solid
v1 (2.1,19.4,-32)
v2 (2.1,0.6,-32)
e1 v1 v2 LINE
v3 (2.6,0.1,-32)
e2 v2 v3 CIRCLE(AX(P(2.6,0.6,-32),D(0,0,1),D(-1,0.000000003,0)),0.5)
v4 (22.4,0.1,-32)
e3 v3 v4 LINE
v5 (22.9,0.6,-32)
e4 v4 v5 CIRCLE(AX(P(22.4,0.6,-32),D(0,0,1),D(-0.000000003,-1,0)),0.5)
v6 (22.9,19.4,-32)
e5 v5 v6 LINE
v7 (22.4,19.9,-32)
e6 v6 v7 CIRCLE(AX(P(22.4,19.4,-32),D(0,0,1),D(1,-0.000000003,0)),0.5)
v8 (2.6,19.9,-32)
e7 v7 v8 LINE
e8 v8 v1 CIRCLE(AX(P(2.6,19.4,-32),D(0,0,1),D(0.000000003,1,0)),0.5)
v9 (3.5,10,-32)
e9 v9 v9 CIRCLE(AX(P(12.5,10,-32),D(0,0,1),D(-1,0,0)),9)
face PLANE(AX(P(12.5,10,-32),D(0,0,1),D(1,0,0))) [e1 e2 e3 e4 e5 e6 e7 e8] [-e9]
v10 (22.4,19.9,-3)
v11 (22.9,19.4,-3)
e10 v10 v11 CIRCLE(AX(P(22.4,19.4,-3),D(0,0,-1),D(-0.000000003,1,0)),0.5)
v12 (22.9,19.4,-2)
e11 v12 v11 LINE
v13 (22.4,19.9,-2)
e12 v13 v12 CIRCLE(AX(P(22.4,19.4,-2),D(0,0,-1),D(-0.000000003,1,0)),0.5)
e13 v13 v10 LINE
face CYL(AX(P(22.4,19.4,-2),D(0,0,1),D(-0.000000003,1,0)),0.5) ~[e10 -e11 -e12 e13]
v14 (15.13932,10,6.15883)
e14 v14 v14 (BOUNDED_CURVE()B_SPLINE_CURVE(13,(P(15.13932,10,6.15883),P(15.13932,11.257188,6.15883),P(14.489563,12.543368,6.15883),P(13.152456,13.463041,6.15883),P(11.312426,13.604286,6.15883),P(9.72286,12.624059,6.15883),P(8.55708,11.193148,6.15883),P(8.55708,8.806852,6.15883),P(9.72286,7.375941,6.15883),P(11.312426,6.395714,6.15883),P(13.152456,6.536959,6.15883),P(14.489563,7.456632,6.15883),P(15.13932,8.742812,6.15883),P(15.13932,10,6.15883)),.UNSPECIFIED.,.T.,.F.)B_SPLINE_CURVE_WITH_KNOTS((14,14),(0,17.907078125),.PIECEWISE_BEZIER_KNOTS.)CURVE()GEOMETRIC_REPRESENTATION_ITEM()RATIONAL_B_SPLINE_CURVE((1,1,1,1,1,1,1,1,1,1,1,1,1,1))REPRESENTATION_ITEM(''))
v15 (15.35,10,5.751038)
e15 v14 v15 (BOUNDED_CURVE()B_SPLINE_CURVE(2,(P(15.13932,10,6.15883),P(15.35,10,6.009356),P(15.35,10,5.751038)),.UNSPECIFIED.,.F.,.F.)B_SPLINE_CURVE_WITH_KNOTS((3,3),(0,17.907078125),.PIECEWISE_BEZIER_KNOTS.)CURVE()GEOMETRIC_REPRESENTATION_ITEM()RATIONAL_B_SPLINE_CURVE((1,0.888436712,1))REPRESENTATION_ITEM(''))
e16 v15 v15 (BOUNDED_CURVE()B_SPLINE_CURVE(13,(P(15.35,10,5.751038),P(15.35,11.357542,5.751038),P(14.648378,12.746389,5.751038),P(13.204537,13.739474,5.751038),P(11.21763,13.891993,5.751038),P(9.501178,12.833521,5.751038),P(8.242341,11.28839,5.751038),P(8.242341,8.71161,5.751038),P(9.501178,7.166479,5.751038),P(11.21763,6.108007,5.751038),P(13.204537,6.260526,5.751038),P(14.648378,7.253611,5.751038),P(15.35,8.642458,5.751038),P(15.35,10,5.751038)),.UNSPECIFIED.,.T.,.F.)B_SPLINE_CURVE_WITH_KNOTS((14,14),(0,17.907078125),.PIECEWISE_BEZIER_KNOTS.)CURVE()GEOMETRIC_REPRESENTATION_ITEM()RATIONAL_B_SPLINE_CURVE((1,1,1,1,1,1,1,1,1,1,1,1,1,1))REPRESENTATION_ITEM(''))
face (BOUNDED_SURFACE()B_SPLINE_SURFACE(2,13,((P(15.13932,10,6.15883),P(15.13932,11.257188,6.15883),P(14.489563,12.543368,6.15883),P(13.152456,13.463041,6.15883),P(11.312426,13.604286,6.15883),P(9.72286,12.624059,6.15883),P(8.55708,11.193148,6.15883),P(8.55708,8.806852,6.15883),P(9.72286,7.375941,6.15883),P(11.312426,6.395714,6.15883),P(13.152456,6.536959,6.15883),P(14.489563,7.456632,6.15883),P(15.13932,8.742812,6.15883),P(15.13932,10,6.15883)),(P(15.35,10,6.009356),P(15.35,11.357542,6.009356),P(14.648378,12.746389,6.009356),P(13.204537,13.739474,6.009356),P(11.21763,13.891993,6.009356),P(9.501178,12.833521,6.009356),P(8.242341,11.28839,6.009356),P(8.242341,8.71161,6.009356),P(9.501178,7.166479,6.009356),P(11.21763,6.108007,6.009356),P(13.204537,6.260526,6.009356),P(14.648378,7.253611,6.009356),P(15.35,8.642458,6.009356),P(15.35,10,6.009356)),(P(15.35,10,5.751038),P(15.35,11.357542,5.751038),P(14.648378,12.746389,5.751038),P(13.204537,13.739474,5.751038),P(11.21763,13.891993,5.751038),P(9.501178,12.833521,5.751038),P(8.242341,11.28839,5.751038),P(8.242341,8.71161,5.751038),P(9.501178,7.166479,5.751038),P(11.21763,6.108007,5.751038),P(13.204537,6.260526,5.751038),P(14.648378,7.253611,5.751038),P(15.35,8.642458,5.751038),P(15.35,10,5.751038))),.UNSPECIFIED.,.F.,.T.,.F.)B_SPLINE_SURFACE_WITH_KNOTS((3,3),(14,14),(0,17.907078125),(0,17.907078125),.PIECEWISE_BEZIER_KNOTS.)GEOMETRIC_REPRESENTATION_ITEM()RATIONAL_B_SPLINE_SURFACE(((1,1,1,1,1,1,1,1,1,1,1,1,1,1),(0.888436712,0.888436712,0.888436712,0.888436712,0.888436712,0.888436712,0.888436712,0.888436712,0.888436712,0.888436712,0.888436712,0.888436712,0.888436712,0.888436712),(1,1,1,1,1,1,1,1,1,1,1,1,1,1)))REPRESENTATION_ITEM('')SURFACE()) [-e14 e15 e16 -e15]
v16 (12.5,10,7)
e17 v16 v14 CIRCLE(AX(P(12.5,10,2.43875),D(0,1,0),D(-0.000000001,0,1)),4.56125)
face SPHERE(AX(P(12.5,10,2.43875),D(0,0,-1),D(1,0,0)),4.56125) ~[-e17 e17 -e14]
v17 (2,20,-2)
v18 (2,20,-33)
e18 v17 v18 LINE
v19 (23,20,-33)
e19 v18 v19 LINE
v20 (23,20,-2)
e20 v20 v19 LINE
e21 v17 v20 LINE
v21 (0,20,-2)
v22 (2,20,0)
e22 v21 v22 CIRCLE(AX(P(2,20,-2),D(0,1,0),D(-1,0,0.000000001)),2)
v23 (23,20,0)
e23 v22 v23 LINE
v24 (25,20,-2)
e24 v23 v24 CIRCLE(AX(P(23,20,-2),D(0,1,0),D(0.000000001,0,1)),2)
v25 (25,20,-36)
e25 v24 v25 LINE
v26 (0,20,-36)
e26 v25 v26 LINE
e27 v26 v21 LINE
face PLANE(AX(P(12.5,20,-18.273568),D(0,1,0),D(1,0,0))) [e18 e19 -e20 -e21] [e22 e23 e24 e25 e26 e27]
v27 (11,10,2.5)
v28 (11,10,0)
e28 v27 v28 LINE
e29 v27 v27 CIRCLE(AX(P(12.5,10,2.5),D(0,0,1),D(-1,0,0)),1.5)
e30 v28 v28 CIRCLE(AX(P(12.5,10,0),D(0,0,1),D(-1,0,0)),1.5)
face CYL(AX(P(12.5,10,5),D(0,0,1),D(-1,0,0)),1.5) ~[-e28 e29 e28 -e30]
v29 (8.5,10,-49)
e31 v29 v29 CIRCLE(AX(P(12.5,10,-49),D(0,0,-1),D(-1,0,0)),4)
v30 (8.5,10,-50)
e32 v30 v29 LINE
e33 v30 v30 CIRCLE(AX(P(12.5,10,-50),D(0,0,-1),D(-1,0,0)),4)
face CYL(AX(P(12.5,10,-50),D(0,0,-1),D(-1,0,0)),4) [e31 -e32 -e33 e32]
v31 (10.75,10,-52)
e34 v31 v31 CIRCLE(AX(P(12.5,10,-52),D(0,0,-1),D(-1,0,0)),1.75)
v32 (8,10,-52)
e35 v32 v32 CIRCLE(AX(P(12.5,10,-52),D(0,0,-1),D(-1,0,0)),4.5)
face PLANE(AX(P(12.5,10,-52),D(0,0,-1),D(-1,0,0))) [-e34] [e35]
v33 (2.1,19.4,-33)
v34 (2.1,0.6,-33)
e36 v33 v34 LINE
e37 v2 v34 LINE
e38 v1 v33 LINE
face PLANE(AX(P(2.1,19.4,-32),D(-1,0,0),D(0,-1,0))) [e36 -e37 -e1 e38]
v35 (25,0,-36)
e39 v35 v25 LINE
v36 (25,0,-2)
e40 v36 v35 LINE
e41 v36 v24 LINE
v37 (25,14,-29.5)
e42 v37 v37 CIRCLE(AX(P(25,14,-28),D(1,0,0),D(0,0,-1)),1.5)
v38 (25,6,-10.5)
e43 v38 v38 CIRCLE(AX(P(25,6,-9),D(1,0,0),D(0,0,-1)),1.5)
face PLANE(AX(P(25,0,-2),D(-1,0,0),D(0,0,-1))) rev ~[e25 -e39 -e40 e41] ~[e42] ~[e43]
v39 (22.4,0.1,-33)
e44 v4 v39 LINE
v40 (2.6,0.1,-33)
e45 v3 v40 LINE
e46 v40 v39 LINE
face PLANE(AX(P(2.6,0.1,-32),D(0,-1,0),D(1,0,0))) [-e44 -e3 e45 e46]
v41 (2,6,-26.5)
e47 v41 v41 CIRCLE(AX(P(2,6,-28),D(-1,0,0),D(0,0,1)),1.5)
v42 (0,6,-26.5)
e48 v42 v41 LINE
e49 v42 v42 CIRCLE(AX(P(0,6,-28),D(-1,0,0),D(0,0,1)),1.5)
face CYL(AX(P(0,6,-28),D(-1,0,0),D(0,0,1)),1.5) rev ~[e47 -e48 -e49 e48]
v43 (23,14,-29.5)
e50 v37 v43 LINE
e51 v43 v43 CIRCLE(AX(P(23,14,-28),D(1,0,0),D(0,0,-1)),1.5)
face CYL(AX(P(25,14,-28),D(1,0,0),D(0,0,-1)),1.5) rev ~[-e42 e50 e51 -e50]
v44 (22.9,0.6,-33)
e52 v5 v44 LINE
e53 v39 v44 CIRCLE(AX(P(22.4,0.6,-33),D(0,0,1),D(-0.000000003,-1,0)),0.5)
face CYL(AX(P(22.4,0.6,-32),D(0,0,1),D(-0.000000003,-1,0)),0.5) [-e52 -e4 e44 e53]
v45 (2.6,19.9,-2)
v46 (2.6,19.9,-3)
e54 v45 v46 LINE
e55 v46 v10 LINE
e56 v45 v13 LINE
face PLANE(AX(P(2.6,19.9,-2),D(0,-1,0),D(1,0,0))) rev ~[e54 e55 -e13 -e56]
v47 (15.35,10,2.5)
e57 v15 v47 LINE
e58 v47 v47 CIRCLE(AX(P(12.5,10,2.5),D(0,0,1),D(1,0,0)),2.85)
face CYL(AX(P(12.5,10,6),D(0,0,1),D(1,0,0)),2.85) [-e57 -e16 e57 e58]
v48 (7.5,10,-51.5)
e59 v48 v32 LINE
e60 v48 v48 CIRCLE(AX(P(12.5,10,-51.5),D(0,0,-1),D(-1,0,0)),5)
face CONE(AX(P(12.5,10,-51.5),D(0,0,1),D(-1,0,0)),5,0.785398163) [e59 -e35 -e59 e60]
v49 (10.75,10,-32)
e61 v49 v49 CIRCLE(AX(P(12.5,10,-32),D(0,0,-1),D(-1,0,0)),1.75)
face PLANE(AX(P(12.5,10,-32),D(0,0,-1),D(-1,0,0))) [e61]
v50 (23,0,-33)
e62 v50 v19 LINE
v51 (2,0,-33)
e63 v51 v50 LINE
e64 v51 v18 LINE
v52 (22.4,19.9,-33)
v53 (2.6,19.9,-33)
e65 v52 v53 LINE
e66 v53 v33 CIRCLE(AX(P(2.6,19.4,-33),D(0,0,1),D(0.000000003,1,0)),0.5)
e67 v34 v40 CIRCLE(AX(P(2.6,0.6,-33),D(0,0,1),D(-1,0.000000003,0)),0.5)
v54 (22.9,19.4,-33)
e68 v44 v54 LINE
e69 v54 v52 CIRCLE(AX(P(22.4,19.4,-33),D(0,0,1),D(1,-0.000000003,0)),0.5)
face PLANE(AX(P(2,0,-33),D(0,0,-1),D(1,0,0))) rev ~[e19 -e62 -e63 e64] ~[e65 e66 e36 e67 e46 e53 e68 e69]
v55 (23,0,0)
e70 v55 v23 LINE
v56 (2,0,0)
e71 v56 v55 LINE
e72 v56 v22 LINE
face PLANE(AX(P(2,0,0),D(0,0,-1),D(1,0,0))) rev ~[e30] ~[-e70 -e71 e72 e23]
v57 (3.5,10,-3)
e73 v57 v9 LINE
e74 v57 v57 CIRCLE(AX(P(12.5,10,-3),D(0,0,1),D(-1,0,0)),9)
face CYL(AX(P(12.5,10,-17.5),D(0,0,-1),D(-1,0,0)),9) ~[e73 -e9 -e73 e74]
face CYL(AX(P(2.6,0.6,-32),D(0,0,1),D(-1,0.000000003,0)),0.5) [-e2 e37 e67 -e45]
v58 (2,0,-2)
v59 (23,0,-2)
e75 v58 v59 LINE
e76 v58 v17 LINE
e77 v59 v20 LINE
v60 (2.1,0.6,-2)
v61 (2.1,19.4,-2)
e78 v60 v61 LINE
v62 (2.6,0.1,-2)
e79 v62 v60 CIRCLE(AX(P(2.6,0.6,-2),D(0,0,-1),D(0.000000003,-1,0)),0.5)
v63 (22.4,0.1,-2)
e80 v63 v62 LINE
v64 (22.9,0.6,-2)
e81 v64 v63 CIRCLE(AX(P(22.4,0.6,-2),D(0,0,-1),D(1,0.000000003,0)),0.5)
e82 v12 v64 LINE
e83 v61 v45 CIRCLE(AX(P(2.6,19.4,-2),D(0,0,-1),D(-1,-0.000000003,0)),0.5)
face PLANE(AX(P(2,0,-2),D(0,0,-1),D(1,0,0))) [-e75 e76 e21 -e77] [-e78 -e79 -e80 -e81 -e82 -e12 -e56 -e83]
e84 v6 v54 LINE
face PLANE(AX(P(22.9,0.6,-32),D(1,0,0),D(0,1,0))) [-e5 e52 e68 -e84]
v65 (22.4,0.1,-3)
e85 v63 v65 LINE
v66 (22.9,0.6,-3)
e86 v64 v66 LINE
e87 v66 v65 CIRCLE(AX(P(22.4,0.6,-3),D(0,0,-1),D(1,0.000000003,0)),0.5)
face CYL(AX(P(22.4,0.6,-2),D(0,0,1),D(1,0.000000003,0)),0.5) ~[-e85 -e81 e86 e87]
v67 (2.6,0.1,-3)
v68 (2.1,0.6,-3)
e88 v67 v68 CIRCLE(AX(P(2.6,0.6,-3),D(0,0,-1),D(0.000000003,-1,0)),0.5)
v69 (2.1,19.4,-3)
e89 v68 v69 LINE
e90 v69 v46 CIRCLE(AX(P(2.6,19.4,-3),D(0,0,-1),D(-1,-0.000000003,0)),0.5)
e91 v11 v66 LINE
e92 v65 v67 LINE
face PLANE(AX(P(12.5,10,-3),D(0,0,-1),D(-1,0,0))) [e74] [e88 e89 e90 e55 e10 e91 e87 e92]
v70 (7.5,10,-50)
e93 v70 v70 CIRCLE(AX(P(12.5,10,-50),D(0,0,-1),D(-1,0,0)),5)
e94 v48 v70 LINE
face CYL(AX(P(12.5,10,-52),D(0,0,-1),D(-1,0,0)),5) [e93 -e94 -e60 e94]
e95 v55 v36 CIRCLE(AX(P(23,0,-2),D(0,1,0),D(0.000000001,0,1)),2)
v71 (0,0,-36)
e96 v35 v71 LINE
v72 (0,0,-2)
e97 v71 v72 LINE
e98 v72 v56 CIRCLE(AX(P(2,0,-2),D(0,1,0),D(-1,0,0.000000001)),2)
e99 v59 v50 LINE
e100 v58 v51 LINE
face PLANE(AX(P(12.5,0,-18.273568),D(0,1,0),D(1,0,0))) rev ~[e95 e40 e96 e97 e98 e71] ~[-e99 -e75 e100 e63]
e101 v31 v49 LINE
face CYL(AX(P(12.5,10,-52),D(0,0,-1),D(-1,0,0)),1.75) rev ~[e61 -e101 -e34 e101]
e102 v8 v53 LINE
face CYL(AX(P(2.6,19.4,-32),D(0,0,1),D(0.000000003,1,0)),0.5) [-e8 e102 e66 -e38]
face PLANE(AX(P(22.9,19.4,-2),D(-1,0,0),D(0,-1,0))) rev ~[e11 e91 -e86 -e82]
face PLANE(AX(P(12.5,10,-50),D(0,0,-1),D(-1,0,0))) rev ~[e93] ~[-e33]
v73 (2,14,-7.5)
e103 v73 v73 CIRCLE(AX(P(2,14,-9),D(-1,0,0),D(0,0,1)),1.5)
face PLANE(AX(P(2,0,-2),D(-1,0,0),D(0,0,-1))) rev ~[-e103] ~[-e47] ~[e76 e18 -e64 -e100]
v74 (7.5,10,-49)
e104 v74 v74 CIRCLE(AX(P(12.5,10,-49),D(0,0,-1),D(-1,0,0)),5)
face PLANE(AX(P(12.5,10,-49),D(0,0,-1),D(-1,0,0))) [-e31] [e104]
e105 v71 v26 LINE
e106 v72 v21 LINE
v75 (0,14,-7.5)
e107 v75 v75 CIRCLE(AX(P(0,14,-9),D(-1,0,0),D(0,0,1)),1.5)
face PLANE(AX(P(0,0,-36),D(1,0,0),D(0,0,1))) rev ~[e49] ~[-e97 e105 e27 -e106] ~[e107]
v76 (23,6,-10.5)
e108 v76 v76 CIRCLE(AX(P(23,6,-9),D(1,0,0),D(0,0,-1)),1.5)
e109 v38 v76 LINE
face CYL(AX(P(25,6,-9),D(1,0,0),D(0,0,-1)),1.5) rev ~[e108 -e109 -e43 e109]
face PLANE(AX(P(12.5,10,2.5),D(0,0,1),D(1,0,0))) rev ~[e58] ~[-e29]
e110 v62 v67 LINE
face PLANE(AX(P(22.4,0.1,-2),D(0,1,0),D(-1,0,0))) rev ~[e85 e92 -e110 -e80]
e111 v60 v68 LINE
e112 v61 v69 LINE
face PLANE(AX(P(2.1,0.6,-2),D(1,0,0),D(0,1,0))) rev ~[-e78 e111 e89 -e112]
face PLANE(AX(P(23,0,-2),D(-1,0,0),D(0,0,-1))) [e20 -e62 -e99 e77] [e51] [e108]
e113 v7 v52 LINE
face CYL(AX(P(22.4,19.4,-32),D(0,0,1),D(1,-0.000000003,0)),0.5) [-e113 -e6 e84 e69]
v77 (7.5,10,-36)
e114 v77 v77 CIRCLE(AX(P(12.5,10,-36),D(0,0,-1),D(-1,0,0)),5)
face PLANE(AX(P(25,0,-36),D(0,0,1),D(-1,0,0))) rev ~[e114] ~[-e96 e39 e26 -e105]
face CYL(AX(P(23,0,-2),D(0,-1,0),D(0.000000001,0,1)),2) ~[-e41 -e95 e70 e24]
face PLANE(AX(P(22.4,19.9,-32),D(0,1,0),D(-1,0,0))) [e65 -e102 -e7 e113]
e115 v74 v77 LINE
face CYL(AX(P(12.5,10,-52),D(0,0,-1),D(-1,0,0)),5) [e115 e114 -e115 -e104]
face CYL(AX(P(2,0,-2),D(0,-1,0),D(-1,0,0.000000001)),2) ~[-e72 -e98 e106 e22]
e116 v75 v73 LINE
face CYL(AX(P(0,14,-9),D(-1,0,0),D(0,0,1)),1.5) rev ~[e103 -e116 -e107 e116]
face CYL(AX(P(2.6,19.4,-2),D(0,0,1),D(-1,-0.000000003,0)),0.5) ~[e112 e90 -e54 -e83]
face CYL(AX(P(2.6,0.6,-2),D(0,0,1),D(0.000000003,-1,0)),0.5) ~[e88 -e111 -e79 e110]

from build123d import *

# Parameters (mm, degrees)
SKETCH_1_W          = 21
SKETCH_1_H          = 31
EXTRUDE_1_DEPTH     = 20
CUT_EXTRUDE_5_REACH = 50.177
SKETCH_14_R         = 1.5
CUT_EXTRUDE_6_REACH = 50.177
SKETCH_15_R         = 1.5
EXTRUDE_2_DEPTH     = 1
EXTRUDE_START       = 1
EXTRUDE_3_DEPTH     = 1
SKETCH_4_R          = 1.5
CUT_EXTRUDE_1_DEPTH = 3
SKETCH_5_R          = 5
CUT_EXTRUDE_2_DEPTH = 4
SKETCH_6_W          = 9
SKETCH_6_H          = 29
EXTRUDE_START_2     = -8
SKETCH_7_R          = 1.5
EXTRUDE_4_DEPTH     = 8
EXTRUDE_START_3     = 20
SKETCH_8_R          = 5
EXTRUDE_5_DEPTH     = 20
SKETCH_10_R         = 1.75
CUT_EXTRUDE_4_DEPTH = 20
SKETCH_9_R          = 5
SKETCH_9_R_2        = 4
CUT_EXTRUDE_3_DEPTH = 1
SKETCH_11_R         = 2.85
EXTRUDE_6_DEPTH     = 3.5
FILLET_1_R          = 0.5
CHAMFER_1_SIZE      = 0.5


with BuildPart() as part:
    # ｽｹｯﾁ1 → ﾎﾞｽ - 押し出し1 (new body)
    with BuildSketch(Plane(origin=(0, 0, 0), x_dir=(1, 0, 0), z_dir=(0, 1, 0))):
        with BuildLine():
            Line((2, 0), (23, 0))
            ThreePointArc((23, 0), (24.414213562, 0.585786438), (25, 2))
            Line((25, 2), (25, 36))
            Line((25, 36), (0, 36))
            Line((0, 36), (0, 2))
            ThreePointArc((0, 2), (0.585786438, 0.585786438), (2, 0))
        make_face()
        with Locations((12.5, 17.5)):
            Rectangle(SKETCH_1_W, SKETCH_1_H, mode=Mode.SUBTRACT)
    extrude(amount=EXTRUDE_1_DEPTH)

    # ｽｹｯﾁ14 → ｶｯﾄ - 押し出し5 (cut, up to next)
    with BuildSketch(Plane(origin=(25, 0, 0), x_dir=(0, 0, -1), z_dir=(1, 0, 0)), mode=Mode.PRIVATE) as cut_extrude_5_sk1:
        with Locations((9, 6)):
            Circle(SKETCH_14_R)
    cut_extrude_5_tool1 = extrude(cut_extrude_5_sk1.sketch, amount=-CUT_EXTRUDE_5_REACH, mode=Mode.PRIVATE) & part.part
    # ｽｹｯﾁ14 → ｶｯﾄ - 押し出し5 (cut, up to next)
    with BuildSketch(Plane(origin=(25, 0, 0), x_dir=(0, 0, -1), z_dir=(1, 0, 0)), mode=Mode.PRIVATE) as cut_extrude_5_sk2:
        with Locations((28, 14)):
            Circle(SKETCH_14_R)
    cut_extrude_5_tool2 = extrude(cut_extrude_5_sk2.sketch, amount=-CUT_EXTRUDE_5_REACH, mode=Mode.PRIVATE) & part.part
    add(cut_extrude_5_tool1.solids().sort_by_distance((25, 6, -9))[0], mode=Mode.SUBTRACT)
    add(cut_extrude_5_tool2.solids().sort_by_distance((25, 14, -28))[0], mode=Mode.SUBTRACT)

    # ｽｹｯﾁ15 → ｶｯﾄ - 押し出し6 (cut, up to next)
    with BuildSketch(Plane.ZY, mode=Mode.PRIVATE) as cut_extrude_6_sk1:
        with Locations((-28, 6)):
            Circle(SKETCH_15_R)
    cut_extrude_6_tool1 = extrude(cut_extrude_6_sk1.sketch, amount=-CUT_EXTRUDE_6_REACH, mode=Mode.PRIVATE) & part.part
    # ｽｹｯﾁ15 → ｶｯﾄ - 押し出し6 (cut, up to next)
    with BuildSketch(Plane.ZY, mode=Mode.PRIVATE) as cut_extrude_6_sk2:
        with Locations((-9, 14)):
            Circle(SKETCH_15_R)
    cut_extrude_6_tool2 = extrude(cut_extrude_6_sk2.sketch, amount=-CUT_EXTRUDE_6_REACH, mode=Mode.PRIVATE) & part.part
    add(cut_extrude_6_tool1.solids().sort_by_distance((0, 6, -28))[0], mode=Mode.SUBTRACT)
    add(cut_extrude_6_tool2.solids().sort_by_distance((0, 14, -9))[0], mode=Mode.SUBTRACT)

    # ｽｹｯﾁ2 → ﾎﾞｽ - 押し出し2 (add)
    with BuildSketch(Plane(origin=(0, 0, -2), x_dir=(-1, 0, 0), z_dir=(0, 0, -1))):
        with BuildLine():
            Line((-22.4, 0.1), (-2.6, 0.1))
            ThreePointArc((-2.6, 0.1), (-2.246446609, 0.246446609), (-2.1, 0.6))
            Line((-2.1, 0.6), (-2.1, 19.4))
            ThreePointArc((-2.1, 19.4), (-2.246446609, 19.753553391), (-2.6, 19.9))
            Line((-2.6, 19.9), (-22.4, 19.9))
            ThreePointArc((-22.4, 19.9), (-22.753553391, 19.753553391), (-22.9, 19.4))
            Line((-22.9, 19.4), (-22.9, 0.6))
            ThreePointArc((-22.9, 0.6), (-22.753553391, 0.246446609), (-22.4, 0.1))
        make_face()
    extrude(amount=EXTRUDE_2_DEPTH)

    # ｽｹｯﾁ3 → ﾎﾞｽ - 押し出し3 (add)
    with BuildSketch(Plane.XY.offset(-33).offset(EXTRUDE_START)):
        with BuildLine():
            Line((2.6, 0.1), (22.4, 0.1))
            ThreePointArc((22.4, 0.1), (22.753553391, 0.246446609), (22.9, 0.6))
            Line((22.9, 0.6), (22.9, 19.4))
            ThreePointArc((22.9, 19.4), (22.753553391, 19.753553391), (22.4, 19.9))
            Line((22.4, 19.9), (2.6, 19.9))
            ThreePointArc((2.6, 19.9), (2.246446609, 19.753553391), (2.1, 19.4))
            Line((2.1, 19.4), (2.1, 0.6))
            ThreePointArc((2.1, 0.6), (2.246446609, 0.246446609), (2.6, 0.1))
        make_face()
    extrude(amount=-EXTRUDE_3_DEPTH)

    # ｽｹｯﾁ4 → ｶｯﾄ - 押し出し1 (cut)
    with BuildSketch(Plane.XY):
        with Locations((12.5, 10)):
            Circle(SKETCH_4_R)
    extrude(amount=-CUT_EXTRUDE_1_DEPTH, mode=Mode.SUBTRACT)

    # ｽｹｯﾁ5 → ｶｯﾄ - 押し出し2 (cut)
    with BuildSketch(Plane(origin=(0, 0, -36), x_dir=(-1, 0, 0), z_dir=(0, 0, -1))):
        with Locations((-12.5, 10)):
            Circle(SKETCH_5_R)
    extrude(amount=-CUT_EXTRUDE_2_DEPTH, mode=Mode.SUBTRACT)

    # ｽｹｯﾁ6 → 回転1 (revolve)
    with BuildSketch(Plane(origin=(0, 10, 0), x_dir=(1, 0, 0), z_dir=(0, 1, 0))):
        with Locations((8, 17.5)):
            Rectangle(SKETCH_6_W, SKETCH_6_H)
    revolve(axis=Axis((12.5, 10, -32), (0, 0, 1)))

    # ｽｹｯﾁ7 → ﾎﾞｽ - 押し出し4 (add)
    with BuildSketch(Plane(origin=(0, 0, -3), x_dir=(-1, 0, 0), z_dir=(0, 0, -1)).offset(EXTRUDE_START_2)):
        with Locations((-12.5, 10)):
            Circle(SKETCH_7_R)
    extrude(amount=EXTRUDE_4_DEPTH)

    # ｽｹｯﾁ8 → ﾎﾞｽ - 押し出し5 (add)
    with BuildSketch(Plane(origin=(0, 0, -32), x_dir=(-1, 0, 0), z_dir=(0, 0, -1)).offset(EXTRUDE_START_3)):
        with Locations((-12.5, 10)):
            Circle(SKETCH_8_R)
    extrude(amount=-EXTRUDE_5_DEPTH)

    # ｽｹｯﾁ10 → ｶｯﾄ - 押し出し4 (cut)
    with BuildSketch(Plane(origin=(0, 0, -52), x_dir=(-1, 0, 0), z_dir=(0, 0, -1))):
        with Locations((-12.5, 10)):
            Circle(SKETCH_10_R)
    extrude(amount=-CUT_EXTRUDE_4_DEPTH, mode=Mode.SUBTRACT)

    # ｽｹｯﾁ9 → ｶｯﾄ - 押し出し3 (cut)
    with BuildSketch(Plane(origin=(0, 0, -50), x_dir=(-1, 0, 0), z_dir=(0, 0, -1))):
        with Locations((-12.5, 10)):
            Circle(SKETCH_9_R)
        with Locations((-12.5, 10)):
            Circle(SKETCH_9_R_2, mode=Mode.SUBTRACT)
    extrude(amount=-CUT_EXTRUDE_3_DEPTH, mode=Mode.SUBTRACT)

    # ｽｹｯﾁ11 → ﾎﾞｽ - 押し出し6 (add)
    with BuildSketch(Plane.XY.offset(6)):
        with Locations((12.5, 10)):
            Circle(SKETCH_11_R)
    extrude(amount=-EXTRUDE_6_DEPTH)

    # ｽｹｯﾁ12 → 回転2 (revolve)
    with BuildSketch(Plane.ZY.offset(-12.5), mode=Mode.PRIVATE) as revolve_2_sk:
        with BuildLine():
            Line((6, 10), (7, 10))
            ThreePointArc((7, 10), (6.742745419, 11.510173831), (6, 12.85))
            Line((6, 12.85), (6, 10))
        make_face()
    revolve(revolve_2_sk.sketch.rotate(Axis((12.5, 10, 6), (0, 0, 1)), 270), axis=Axis((12.5, 10, 6), (0, 0, 1)))

    # ﾌｨﾚｯﾄ1
    fillet_1_edges = [part.edges().sort_by_distance(p)[0] for p in [
        (9.65, 10, 6),
    ]]
    fillet(fillet_1_edges, radius=FILLET_1_R)

    # 面取り1
    chamfer_1_edges = [part.edges().sort_by_distance(p)[0] for p in [
        (17.5, 10, -52),
    ]]
    chamfer(chamfer_1_edges, length=CHAMFER_1_SIZE)


solid = part.part
